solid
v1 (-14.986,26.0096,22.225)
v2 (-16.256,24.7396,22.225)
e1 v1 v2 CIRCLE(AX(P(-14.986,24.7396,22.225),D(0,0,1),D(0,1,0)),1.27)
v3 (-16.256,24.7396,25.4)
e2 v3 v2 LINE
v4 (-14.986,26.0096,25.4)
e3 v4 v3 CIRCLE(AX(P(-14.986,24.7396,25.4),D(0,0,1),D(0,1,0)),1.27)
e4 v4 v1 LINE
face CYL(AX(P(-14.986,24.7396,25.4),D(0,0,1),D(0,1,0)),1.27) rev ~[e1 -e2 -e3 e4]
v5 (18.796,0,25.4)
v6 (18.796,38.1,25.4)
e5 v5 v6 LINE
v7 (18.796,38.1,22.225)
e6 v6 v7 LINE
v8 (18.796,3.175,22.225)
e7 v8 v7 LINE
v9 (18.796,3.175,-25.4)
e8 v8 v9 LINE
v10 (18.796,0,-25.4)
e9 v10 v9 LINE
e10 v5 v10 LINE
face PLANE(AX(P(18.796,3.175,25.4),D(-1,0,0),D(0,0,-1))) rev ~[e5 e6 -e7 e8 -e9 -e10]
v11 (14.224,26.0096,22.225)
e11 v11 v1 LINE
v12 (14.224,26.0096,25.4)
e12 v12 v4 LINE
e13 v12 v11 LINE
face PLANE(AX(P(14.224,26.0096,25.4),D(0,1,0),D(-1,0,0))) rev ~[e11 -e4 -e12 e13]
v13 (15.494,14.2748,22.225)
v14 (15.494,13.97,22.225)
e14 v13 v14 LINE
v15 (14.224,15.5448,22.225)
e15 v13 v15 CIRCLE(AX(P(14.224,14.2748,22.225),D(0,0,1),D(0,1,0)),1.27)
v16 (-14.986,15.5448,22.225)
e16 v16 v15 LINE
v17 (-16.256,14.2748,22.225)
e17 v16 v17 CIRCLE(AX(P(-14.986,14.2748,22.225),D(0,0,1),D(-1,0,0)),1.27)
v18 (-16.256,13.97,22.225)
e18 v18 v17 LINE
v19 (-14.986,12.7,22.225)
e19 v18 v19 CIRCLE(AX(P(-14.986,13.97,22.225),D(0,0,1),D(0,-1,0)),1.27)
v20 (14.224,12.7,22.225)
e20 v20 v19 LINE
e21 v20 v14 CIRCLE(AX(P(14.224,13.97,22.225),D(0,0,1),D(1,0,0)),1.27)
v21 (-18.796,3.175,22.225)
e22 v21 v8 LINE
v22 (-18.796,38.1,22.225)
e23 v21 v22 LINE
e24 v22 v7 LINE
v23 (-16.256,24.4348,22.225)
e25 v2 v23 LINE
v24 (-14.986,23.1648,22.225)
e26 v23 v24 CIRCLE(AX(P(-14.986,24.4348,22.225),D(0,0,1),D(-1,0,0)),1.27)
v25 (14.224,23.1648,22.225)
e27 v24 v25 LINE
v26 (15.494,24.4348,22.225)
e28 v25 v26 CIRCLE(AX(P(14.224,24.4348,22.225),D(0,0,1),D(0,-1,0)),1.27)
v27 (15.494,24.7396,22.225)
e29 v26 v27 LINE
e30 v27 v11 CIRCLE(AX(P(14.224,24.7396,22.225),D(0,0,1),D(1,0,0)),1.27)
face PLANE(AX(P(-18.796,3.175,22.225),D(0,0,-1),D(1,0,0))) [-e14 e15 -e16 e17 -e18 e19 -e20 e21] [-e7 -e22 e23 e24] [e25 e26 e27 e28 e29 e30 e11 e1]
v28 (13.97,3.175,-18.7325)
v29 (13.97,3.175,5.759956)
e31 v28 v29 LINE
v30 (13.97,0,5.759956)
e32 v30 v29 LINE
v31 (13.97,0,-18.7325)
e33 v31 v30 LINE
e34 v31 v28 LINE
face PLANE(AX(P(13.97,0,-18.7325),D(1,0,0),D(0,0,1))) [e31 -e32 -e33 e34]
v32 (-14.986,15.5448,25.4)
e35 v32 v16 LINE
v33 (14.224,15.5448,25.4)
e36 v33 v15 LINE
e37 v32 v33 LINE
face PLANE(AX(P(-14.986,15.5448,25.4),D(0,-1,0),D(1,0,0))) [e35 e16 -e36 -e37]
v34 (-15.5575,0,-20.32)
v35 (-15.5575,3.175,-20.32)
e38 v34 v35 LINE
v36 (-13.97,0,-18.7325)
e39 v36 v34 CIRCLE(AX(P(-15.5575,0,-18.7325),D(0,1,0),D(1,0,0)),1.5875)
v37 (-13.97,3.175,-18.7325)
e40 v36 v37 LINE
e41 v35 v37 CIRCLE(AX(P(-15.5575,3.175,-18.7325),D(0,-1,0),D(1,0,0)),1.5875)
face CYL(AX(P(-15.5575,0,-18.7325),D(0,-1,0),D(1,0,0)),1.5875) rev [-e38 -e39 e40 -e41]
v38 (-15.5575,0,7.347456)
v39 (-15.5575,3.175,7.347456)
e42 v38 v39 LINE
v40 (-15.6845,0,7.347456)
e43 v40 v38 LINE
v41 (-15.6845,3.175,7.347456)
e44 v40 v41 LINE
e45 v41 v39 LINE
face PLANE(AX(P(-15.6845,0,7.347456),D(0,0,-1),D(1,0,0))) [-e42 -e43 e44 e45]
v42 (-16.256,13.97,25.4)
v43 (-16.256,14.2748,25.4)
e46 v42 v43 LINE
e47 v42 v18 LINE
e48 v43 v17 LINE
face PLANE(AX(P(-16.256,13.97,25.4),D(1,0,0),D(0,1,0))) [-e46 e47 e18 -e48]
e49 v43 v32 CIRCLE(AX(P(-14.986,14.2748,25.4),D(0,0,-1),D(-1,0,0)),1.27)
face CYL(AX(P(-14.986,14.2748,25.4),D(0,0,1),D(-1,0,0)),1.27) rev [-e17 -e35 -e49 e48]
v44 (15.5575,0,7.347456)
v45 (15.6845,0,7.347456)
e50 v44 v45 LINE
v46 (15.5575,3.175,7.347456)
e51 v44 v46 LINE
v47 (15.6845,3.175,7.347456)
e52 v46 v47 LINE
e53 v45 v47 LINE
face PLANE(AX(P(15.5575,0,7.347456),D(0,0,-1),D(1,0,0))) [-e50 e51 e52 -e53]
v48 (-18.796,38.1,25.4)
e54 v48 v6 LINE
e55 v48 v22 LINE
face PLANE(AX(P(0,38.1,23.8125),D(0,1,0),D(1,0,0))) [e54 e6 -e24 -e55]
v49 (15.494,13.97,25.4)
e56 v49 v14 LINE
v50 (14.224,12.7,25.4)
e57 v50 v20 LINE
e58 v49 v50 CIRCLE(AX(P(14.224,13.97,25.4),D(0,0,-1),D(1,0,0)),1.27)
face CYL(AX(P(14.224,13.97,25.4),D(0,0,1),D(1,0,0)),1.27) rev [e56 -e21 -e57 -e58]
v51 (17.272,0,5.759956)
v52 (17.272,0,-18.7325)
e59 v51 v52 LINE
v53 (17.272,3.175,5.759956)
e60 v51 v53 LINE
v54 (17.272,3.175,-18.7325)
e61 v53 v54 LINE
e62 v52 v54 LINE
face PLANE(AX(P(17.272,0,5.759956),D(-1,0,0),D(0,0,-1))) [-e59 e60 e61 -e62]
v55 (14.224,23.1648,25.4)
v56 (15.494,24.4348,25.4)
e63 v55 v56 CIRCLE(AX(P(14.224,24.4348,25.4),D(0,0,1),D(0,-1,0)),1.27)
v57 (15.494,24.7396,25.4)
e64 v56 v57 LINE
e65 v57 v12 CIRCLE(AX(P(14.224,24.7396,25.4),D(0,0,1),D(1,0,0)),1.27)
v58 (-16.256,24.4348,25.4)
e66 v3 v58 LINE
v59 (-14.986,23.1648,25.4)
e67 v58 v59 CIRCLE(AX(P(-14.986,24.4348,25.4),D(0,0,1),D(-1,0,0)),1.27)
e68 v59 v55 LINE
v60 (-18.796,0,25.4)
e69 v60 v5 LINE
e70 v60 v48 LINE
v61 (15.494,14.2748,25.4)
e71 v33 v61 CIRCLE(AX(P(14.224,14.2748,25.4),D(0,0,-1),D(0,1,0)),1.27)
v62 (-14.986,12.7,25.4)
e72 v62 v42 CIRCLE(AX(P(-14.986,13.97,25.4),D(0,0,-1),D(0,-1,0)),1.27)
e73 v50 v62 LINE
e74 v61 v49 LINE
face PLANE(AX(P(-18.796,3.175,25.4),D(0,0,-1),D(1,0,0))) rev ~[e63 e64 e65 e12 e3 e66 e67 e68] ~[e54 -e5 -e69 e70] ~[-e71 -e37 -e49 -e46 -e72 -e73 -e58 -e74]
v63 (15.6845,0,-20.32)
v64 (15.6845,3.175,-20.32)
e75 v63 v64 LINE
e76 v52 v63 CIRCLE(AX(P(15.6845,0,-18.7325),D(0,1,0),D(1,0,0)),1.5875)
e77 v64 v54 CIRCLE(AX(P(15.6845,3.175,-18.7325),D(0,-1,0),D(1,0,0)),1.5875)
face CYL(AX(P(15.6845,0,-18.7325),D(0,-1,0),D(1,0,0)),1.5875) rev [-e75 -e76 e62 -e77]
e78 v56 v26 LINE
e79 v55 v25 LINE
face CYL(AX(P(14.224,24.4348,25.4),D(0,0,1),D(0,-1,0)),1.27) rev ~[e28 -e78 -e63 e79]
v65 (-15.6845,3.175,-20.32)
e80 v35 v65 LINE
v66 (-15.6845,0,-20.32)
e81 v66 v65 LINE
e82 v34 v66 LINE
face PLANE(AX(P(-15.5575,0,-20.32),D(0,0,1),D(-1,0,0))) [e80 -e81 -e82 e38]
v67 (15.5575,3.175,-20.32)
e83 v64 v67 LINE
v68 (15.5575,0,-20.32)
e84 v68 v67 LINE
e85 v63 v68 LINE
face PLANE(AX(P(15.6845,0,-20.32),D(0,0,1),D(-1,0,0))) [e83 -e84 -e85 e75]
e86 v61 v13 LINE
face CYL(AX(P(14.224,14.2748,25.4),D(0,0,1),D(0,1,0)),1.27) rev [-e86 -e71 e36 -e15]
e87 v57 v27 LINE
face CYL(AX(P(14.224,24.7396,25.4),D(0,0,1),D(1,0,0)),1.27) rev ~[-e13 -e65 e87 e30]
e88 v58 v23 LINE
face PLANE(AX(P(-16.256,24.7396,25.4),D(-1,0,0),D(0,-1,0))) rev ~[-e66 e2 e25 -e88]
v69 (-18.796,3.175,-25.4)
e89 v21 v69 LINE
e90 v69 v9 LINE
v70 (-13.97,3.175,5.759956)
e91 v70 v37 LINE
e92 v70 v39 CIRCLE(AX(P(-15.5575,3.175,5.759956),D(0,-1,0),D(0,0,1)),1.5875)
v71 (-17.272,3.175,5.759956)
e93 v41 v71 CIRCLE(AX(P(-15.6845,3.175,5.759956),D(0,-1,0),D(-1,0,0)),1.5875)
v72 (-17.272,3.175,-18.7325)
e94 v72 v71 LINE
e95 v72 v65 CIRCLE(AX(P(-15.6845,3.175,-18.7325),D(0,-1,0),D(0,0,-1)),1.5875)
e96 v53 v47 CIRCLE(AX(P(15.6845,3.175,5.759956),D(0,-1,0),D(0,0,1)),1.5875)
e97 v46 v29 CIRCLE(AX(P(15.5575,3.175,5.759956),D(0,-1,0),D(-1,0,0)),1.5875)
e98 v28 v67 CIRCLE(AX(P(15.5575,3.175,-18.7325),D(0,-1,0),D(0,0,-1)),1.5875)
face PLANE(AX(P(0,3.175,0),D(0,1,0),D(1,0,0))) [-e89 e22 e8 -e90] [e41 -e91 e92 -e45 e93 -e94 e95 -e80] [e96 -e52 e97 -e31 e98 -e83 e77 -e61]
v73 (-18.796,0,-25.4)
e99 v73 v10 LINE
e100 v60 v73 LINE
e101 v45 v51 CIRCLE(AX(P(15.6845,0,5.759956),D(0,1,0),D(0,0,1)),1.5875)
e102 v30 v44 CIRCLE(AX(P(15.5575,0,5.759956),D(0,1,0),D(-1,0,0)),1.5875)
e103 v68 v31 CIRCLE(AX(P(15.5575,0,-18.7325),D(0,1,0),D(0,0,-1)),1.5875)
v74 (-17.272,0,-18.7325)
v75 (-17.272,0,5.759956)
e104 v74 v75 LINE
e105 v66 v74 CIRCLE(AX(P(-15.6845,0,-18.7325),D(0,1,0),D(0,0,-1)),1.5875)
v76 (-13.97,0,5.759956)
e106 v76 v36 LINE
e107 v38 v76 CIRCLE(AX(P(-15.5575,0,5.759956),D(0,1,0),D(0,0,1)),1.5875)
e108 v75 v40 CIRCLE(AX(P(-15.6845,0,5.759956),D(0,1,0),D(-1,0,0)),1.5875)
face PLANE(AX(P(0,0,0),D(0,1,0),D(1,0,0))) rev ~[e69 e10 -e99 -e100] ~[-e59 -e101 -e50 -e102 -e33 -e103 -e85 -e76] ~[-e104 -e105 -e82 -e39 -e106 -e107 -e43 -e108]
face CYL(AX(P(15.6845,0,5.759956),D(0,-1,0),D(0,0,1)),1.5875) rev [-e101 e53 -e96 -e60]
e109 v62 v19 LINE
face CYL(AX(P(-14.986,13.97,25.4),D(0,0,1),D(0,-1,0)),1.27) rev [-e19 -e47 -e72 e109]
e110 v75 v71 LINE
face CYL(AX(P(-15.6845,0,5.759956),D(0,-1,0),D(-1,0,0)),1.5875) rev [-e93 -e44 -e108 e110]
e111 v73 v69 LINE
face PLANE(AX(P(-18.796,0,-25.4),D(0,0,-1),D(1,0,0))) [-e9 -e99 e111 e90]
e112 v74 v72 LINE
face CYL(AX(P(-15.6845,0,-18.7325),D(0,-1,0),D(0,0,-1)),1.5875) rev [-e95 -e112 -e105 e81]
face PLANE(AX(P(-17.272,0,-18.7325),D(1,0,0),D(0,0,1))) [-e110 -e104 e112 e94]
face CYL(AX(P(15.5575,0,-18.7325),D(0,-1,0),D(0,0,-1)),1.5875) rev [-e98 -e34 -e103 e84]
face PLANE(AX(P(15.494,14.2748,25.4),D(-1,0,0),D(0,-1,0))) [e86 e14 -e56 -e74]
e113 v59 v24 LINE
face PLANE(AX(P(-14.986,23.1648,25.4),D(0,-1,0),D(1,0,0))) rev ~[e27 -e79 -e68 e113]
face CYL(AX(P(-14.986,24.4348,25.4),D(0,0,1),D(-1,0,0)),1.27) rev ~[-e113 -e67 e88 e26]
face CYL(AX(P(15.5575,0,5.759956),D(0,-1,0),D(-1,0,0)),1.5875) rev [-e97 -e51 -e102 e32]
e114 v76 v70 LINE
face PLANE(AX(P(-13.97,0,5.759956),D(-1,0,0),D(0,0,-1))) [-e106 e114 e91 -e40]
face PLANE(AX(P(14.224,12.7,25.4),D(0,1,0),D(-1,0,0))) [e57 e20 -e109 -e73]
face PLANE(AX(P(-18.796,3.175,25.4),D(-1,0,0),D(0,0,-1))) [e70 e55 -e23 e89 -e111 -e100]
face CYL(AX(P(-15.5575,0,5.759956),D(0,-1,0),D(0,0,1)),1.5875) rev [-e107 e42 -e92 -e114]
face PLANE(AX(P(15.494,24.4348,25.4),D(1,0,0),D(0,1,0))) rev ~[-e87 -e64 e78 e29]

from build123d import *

# Parameters (mm, degrees)
SKETCH1_W           = 37.592
SKETCH1_H           = 50.8
BOSS_EXTRUDE1_DEPTH = 3.175
SKETCH2_W           = 37.592
SKETCH2_H           = 3.175
BOSS_EXTRUDE2_DEPTH = 34.925
CUT_EXTRUDE1_REACH  = 52.8
CUT_EXTRUDE2_REACH  = 40.1


with BuildPart() as part:
    # Sketch1 → Boss-Extrude1 (new body)
    with BuildSketch(Plane(origin=(0, 0, 0), x_dir=(1, 0, 0), z_dir=(0, 1, 0))):
        Rectangle(SKETCH1_W, SKETCH1_H)
    extrude(amount=BOSS_EXTRUDE1_DEPTH)

    # Sketch2 → Boss-Extrude2 (add)
    with BuildSketch(Plane(origin=(0, 3.175, 0), x_dir=(1, 0, 0), z_dir=(0, 1, 0))):
        with Locations((0, -23.8125)):
            Rectangle(SKETCH2_W, SKETCH2_H)
    extrude(amount=BOSS_EXTRUDE2_DEPTH)

    # Sketch3 → Cut-Extrude1 (cut, up to next)
    with BuildSketch(Plane.XY.offset(25.4), mode=Mode.PRIVATE) as cut_extrude1_sk1:
        with BuildLine():
            Line((14.224, 12.7), (-14.986, 12.7))
            ThreePointArc((-14.986, 12.7), (-15.884025612, 13.071974388), (-16.256, 13.97))
            Line((-16.256, 13.97), (-16.256, 14.2748))
            ThreePointArc((-16.256, 14.2748), (-15.884025612, 15.172825612), (-14.986, 15.5448))
            Line((-14.986, 15.5448), (14.224, 15.5448))
            ThreePointArc((14.224, 15.5448), (15.122025612, 15.172825612), (15.494, 14.2748))
            Line((15.494, 14.2748), (15.494, 13.97))
            ThreePointArc((15.494, 13.97), (15.122025612, 13.071974388), (14.224, 12.7))
        make_face()
    cut_extrude1_tool1 = extrude(cut_extrude1_sk1.sketch, amount=-CUT_EXTRUDE1_REACH, mode=Mode.PRIVATE) & part.part
    add(cut_extrude1_tool1.solids().sort_by_distance((-0.381, 14.1224, 25.4))[0], mode=Mode.SUBTRACT)
    # Sketch3 → Cut-Extrude1 (cut, up to next)
    with BuildSketch(Plane.XY.offset(25.4), mode=Mode.PRIVATE) as cut_extrude1_sk2:
        with BuildLine():
            Line((-14.986, 23.1648), (14.224, 23.1648))
            ThreePointArc((14.224, 23.1648), (15.122025612, 23.536774388), (15.494, 24.4348))
            Line((15.494, 24.4348), (15.494, 24.7396))
            ThreePointArc((15.494, 24.7396), (15.122025612, 25.637625612), (14.224, 26.0096))
            Line((14.224, 26.0096), (-14.986, 26.0096))
            ThreePointArc((-14.986, 26.0096), (-15.884025612, 25.637625612), (-16.256, 24.7396))
            Line((-16.256, 24.7396), (-16.256, 24.4348))
            ThreePointArc((-16.256, 24.4348), (-15.884025612, 23.536774388), (-14.986, 23.1648))
        make_face()
    cut_extrude1_tool2 = extrude(cut_extrude1_sk2.sketch, amount=-CUT_EXTRUDE1_REACH, mode=Mode.PRIVATE) & part.part
    add(cut_extrude1_tool2.solids().sort_by_distance((-0.381, 24.5872, 25.4))[0], mode=Mode.SUBTRACT)

    # Sketch4 → Cut-Extrude2 (cut, up to next)
    with BuildSketch(Plane.XZ, mode=Mode.PRIVATE) as cut_extrude2_sk1:
        with BuildLine():
            Line((-15.5575, -20.32), (-15.6845, -20.32))
            ThreePointArc((-15.6845, -20.32), (-16.807032015, -19.855032015), (-17.272, -18.7325))
            Line((-17.272, -18.7325), (-17.272, 5.759956222))
            ThreePointArc((-17.272, 5.759956222), (-16.807032015, 6.882488237), (-15.6845, 7.347456222))
            Line((-15.6845, 7.347456222), (-15.5575, 7.347456222))
            ThreePointArc((-15.5575, 7.347456222), (-14.434967985, 6.882488237), (-13.97, 5.759956222))
            Line((-13.97, 5.759956222), (-13.97, -18.7325))
            ThreePointArc((-13.97, -18.7325), (-14.434967985, -19.855032015), (-15.5575, -20.32))
        make_face()
    cut_extrude2_tool1 = extrude(cut_extrude2_sk1.sketch, amount=-CUT_EXTRUDE2_REACH, mode=Mode.PRIVATE) & part.part
    add(cut_extrude2_tool1.solids().sort_by_distance((-15.621, 0, -6.486272))[0], mode=Mode.SUBTRACT)
    # Sketch4 → Cut-Extrude2 (cut, up to next)
    with BuildSketch(Plane.XZ, mode=Mode.PRIVATE) as cut_extrude2_sk2:
        with BuildLine():
            Line((15.6845, -20.32), (15.5575, -20.32))
            ThreePointArc((15.5575, -20.32), (14.434967985, -19.855032015), (13.97, -18.7325))
            Line((13.97, -18.7325), (13.97, 5.759956222))
            ThreePointArc((13.97, 5.759956222), (14.434967985, 6.882488237), (15.5575, 7.347456222))
            Line((15.5575, 7.347456222), (15.6845, 7.347456222))
            ThreePointArc((15.6845, 7.347456222), (16.807032015, 6.882488237), (17.272, 5.759956222))
            Line((17.272, 5.759956222), (17.272, -18.7325))
            ThreePointArc((17.272, -18.7325), (16.807032015, -19.855032015), (15.6845, -20.32))
        make_face()
    cut_extrude2_tool2 = extrude(cut_extrude2_sk2.sketch, amount=-CUT_EXTRUDE2_REACH, mode=Mode.PRIVATE) & part.part
    add(cut_extrude2_tool2.solids().sort_by_distance((15.621, 0, -6.486272))[0], mode=Mode.SUBTRACT)


solid = part.part
